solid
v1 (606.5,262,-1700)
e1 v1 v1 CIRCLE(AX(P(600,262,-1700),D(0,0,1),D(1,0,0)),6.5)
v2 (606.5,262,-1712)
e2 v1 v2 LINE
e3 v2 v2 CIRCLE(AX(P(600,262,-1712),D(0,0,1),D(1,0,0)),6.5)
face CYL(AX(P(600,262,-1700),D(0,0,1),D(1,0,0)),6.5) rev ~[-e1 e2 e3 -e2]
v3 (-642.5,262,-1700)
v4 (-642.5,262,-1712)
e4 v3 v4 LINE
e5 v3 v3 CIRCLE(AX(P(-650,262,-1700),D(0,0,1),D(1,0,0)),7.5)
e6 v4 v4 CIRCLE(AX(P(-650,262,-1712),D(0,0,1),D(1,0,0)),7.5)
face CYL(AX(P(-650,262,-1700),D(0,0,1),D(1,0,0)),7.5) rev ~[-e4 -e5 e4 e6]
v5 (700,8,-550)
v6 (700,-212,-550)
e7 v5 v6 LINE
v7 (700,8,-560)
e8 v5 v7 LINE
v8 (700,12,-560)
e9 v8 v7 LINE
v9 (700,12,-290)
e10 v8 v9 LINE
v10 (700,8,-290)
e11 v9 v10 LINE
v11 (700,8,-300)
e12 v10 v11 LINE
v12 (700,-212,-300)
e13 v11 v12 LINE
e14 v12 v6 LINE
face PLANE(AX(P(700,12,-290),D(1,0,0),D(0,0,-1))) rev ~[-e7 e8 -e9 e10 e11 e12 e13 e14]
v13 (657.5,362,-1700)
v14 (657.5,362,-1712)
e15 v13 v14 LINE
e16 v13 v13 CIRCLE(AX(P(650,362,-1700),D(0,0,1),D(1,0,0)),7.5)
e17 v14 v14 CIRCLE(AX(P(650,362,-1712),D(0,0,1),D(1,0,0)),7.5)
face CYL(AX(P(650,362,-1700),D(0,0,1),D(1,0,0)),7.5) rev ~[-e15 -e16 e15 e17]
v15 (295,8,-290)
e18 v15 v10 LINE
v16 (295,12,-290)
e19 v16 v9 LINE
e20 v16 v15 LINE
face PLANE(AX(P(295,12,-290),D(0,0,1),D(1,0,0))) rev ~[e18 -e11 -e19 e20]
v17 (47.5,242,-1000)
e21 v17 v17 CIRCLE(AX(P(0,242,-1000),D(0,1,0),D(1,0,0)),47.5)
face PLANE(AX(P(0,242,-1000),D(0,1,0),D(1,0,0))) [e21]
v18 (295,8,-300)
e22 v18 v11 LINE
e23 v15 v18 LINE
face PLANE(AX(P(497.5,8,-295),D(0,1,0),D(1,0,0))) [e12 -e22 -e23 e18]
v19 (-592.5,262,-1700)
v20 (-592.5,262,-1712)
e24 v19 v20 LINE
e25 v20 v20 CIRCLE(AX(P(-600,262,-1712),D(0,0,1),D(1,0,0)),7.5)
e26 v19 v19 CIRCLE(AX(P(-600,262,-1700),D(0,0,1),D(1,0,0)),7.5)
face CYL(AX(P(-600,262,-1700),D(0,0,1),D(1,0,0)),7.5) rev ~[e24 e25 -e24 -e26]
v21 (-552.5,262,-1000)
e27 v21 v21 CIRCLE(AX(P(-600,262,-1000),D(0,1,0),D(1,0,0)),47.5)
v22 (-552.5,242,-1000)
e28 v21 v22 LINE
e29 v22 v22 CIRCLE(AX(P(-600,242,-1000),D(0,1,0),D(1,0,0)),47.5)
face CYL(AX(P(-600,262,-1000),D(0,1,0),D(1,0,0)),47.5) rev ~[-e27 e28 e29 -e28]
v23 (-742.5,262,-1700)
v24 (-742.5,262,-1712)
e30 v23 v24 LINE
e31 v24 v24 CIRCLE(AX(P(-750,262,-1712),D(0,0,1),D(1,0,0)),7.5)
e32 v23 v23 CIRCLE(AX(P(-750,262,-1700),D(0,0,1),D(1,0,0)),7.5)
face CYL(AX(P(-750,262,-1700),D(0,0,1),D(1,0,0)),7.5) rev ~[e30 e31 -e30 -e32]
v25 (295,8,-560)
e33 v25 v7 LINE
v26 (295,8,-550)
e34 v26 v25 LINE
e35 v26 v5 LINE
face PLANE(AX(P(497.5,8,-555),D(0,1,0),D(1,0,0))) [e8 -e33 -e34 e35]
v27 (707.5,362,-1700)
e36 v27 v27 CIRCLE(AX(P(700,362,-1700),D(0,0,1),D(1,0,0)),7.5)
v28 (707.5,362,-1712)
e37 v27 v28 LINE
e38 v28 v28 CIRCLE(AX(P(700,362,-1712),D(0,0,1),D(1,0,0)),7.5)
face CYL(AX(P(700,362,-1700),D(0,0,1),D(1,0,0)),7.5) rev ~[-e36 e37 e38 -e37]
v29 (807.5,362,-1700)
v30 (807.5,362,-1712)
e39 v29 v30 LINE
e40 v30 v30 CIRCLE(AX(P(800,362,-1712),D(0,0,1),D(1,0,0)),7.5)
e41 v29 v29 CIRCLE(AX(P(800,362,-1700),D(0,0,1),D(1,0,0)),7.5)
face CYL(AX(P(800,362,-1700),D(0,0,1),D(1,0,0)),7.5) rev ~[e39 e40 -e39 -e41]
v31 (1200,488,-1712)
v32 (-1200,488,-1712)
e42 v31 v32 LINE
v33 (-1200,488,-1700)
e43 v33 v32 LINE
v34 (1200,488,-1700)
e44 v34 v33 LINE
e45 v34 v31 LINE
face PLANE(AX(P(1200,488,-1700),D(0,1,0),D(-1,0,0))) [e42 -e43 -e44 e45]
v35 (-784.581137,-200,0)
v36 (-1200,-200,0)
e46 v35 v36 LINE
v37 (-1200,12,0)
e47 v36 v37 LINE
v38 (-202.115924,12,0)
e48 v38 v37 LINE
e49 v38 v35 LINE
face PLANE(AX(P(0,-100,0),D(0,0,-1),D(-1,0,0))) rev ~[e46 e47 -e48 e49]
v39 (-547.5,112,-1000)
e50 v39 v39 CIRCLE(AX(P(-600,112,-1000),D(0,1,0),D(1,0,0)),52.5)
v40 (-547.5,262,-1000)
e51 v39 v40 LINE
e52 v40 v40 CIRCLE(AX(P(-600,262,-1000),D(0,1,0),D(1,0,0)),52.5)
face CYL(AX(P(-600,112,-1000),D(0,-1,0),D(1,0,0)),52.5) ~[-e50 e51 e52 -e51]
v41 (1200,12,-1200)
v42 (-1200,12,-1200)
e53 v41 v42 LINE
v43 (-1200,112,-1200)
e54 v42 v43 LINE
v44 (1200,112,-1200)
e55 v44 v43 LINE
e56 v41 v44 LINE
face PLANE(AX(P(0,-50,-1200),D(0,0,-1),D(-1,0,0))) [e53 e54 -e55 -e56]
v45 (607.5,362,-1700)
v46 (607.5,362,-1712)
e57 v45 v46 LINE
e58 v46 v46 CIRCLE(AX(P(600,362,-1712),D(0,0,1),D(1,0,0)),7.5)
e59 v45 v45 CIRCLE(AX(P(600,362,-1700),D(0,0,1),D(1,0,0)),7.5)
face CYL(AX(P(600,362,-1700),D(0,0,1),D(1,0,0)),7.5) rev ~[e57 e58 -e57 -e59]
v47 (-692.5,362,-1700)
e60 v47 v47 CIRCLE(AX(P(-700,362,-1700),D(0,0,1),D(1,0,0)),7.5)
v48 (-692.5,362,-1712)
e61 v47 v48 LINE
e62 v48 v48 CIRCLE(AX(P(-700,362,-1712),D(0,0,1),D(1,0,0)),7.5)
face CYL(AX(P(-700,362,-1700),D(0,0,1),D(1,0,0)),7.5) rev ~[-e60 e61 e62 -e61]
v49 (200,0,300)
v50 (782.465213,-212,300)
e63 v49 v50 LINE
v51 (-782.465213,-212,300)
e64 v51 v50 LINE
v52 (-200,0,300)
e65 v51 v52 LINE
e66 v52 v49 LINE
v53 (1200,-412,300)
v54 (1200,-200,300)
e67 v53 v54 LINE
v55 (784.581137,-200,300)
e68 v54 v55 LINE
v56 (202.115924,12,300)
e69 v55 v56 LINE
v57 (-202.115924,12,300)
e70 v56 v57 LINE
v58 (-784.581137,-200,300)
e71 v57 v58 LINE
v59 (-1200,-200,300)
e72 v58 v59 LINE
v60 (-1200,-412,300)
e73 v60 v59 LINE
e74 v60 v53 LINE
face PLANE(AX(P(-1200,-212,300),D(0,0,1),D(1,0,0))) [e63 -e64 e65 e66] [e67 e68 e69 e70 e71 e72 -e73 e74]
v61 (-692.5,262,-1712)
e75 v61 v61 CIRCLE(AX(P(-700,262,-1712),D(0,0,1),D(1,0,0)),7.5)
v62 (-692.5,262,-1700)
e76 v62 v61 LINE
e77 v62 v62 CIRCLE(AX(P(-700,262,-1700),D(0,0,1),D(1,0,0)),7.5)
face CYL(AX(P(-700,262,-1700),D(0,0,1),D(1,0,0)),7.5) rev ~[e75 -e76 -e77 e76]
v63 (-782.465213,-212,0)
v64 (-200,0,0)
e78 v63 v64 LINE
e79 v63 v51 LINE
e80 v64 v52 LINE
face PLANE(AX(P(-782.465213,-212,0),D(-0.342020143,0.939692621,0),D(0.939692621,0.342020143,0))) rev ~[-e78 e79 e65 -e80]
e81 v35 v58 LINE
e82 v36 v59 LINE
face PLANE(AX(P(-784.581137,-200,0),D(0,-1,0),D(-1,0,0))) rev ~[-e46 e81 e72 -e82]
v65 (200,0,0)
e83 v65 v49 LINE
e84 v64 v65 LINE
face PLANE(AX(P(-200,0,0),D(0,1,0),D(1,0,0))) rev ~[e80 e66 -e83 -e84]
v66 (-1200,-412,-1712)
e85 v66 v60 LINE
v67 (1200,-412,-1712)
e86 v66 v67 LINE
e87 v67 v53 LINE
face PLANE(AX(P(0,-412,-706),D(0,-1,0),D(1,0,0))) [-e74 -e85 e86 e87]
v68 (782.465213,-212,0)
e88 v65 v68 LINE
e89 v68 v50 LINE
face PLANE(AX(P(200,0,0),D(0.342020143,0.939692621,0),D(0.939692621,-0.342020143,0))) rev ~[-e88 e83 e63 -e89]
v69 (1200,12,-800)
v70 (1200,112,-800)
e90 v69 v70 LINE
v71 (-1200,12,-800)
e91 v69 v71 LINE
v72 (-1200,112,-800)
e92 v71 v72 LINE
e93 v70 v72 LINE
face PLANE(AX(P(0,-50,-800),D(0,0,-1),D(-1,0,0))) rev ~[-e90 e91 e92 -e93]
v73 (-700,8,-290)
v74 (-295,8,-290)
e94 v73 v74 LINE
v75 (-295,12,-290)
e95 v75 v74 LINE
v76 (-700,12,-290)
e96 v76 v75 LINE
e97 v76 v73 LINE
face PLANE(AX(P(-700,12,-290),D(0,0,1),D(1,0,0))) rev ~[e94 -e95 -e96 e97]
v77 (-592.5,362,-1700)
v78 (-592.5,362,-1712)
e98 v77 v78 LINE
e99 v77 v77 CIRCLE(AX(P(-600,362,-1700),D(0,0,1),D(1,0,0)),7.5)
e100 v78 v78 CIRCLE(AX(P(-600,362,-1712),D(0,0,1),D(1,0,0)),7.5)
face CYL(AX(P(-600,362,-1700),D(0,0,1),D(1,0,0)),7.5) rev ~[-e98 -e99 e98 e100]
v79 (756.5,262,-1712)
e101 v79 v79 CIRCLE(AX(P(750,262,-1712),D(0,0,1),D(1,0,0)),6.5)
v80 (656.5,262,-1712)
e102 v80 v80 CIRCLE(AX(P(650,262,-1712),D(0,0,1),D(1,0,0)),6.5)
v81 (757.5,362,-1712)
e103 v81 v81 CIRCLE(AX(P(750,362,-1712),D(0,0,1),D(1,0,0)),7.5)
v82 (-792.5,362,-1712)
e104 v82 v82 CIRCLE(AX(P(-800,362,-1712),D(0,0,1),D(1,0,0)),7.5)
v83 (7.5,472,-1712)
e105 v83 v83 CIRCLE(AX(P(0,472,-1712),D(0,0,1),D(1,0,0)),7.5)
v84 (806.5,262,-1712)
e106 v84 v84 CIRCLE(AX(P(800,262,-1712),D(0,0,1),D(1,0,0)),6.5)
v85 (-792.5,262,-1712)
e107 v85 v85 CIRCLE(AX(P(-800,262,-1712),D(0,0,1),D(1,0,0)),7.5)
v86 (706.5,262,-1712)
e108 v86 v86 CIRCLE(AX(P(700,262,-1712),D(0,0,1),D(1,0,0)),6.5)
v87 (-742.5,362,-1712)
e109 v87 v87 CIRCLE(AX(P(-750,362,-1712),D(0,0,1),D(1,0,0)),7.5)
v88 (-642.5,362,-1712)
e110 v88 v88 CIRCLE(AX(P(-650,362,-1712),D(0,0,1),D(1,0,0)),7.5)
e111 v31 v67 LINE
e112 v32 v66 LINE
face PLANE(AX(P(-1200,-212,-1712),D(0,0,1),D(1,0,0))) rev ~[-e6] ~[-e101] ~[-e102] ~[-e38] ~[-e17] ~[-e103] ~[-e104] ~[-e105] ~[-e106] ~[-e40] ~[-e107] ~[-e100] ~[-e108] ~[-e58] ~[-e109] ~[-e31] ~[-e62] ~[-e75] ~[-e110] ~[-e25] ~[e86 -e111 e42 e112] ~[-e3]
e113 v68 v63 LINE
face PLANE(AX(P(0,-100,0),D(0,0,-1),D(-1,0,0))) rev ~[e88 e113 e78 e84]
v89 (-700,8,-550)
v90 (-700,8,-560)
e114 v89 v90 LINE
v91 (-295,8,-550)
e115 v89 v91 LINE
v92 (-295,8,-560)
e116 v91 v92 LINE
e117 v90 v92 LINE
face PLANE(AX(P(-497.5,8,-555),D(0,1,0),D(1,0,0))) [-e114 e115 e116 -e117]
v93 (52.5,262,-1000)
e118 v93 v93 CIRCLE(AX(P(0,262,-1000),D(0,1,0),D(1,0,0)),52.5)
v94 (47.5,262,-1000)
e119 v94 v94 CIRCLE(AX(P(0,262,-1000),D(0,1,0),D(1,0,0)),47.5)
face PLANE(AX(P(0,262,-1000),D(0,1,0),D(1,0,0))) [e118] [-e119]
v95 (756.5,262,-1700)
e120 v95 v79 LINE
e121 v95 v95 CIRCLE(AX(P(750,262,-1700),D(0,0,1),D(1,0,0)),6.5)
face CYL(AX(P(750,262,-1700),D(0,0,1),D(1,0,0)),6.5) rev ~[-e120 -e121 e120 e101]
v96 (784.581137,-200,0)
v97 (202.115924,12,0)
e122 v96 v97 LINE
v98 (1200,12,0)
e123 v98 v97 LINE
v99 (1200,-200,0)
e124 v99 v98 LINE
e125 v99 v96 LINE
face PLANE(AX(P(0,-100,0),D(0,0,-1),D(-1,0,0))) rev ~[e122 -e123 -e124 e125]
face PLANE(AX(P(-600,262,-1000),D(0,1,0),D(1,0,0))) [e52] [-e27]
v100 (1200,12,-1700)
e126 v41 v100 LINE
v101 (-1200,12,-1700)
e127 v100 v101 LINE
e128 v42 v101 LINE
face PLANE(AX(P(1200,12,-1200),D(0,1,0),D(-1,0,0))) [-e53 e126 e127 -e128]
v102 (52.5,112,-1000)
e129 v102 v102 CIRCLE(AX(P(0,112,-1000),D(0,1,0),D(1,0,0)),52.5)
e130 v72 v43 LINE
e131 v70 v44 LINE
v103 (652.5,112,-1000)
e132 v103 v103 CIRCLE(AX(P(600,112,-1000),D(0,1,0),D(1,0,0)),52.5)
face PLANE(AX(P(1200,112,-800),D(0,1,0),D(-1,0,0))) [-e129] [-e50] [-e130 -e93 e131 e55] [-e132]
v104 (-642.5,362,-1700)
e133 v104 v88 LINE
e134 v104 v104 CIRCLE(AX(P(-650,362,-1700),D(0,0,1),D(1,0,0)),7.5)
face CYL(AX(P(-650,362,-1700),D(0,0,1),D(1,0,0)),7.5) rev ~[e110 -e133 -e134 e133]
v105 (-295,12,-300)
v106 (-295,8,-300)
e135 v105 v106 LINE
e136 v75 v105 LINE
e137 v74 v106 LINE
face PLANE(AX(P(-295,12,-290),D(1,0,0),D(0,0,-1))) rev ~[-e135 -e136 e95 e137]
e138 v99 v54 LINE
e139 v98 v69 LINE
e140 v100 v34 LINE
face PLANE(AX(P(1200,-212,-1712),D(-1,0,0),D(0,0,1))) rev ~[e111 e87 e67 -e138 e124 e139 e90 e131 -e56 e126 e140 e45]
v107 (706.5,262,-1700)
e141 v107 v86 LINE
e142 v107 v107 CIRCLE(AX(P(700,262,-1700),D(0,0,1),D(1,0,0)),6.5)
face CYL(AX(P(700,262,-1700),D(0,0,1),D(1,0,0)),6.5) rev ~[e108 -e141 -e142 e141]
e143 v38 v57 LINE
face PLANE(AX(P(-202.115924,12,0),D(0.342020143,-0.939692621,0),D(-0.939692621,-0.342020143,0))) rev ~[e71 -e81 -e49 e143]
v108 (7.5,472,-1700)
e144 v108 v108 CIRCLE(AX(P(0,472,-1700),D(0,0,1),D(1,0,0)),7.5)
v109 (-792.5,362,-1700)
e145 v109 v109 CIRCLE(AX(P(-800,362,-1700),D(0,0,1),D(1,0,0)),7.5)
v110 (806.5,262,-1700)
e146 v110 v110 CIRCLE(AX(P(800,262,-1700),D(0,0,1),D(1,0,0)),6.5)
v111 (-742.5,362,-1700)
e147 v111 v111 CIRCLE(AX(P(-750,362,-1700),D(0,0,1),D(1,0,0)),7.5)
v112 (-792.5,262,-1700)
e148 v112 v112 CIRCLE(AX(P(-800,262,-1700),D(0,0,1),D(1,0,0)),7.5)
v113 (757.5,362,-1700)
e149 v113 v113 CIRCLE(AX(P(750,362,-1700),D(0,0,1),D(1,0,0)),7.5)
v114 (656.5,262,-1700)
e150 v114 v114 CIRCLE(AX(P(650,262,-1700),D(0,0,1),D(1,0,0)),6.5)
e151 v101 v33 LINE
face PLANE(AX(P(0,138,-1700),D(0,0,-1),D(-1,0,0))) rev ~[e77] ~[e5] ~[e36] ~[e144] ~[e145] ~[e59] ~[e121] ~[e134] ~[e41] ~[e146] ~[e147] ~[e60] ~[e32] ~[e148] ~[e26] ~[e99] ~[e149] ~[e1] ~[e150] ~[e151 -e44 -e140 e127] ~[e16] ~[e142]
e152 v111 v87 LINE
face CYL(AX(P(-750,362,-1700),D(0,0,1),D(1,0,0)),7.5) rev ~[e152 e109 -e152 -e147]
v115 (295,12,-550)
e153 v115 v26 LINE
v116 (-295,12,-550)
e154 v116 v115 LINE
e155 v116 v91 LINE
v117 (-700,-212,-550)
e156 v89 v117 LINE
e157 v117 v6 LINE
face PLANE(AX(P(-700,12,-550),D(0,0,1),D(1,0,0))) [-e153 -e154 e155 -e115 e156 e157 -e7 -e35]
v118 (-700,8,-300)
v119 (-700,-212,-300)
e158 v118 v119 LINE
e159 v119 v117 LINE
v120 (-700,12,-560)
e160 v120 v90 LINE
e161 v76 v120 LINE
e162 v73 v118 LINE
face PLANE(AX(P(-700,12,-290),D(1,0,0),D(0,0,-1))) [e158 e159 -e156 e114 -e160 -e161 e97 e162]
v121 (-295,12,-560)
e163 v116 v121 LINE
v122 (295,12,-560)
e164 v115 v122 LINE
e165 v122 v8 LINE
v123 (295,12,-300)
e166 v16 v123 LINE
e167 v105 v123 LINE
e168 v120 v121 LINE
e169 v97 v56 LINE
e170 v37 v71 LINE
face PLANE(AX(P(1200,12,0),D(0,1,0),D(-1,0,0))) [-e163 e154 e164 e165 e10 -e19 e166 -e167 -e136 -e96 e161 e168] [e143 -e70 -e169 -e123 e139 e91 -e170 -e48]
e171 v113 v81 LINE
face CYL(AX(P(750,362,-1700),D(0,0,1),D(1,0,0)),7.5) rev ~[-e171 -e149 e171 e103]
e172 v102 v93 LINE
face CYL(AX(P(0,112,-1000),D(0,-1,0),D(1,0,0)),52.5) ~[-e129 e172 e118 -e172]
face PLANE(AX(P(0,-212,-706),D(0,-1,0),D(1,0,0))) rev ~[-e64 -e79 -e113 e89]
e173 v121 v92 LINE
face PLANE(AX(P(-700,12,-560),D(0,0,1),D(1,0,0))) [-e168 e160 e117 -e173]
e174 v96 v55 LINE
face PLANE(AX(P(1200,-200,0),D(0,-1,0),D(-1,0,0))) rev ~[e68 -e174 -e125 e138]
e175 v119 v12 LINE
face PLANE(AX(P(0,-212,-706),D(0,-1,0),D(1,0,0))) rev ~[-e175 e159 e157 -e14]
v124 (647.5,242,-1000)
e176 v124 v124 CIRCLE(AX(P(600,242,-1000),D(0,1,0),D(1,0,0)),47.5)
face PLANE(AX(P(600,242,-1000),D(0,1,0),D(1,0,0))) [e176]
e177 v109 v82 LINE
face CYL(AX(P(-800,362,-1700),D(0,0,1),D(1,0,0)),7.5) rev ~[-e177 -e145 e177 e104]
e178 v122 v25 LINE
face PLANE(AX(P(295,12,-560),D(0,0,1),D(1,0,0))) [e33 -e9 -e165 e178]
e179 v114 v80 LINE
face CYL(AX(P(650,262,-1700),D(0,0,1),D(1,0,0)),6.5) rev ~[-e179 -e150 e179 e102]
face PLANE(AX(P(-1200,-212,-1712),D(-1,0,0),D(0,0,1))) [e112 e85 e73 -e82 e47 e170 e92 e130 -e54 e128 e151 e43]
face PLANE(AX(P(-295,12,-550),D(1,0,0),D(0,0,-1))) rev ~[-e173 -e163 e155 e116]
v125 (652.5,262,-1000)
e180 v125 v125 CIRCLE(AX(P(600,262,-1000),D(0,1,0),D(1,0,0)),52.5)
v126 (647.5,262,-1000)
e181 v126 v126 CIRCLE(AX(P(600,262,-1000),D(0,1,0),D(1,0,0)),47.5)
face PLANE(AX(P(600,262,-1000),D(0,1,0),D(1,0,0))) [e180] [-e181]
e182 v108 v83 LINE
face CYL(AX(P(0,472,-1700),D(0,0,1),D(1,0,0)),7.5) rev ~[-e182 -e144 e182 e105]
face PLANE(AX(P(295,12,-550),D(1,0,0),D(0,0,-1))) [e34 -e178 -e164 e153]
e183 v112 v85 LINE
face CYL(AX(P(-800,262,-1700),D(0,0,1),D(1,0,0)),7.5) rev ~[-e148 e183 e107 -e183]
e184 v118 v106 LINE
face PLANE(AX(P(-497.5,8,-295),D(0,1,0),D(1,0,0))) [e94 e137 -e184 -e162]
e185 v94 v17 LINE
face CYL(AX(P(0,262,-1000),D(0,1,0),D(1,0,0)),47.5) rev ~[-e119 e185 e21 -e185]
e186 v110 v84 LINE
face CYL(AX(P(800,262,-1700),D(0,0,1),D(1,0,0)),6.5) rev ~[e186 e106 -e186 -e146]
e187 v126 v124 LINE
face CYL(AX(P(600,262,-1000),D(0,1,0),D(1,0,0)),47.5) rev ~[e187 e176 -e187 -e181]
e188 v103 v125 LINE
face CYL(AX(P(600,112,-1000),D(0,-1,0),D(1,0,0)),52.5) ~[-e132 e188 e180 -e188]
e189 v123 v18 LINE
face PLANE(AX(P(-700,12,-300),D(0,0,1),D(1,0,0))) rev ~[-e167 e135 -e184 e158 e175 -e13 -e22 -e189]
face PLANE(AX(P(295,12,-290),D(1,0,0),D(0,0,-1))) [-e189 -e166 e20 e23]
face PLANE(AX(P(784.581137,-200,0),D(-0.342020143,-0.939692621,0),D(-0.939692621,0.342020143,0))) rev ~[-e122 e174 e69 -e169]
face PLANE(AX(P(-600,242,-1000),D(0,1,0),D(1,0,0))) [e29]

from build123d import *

# Parameters (mm, degrees)
EXTRUDE_1_DEPTH     = 300
SKETCH_2_W          = 2400
SKETCH_2_H          = 224
EXTRUDE_2_DEPTH     = 800
SKETCH_4_W          = 1400
SKETCH_4_H          = 250
CUT_EXTRUDE_1_DEPTH = 225
SKETCH_7_W          = 2400
SKETCH_7_H          = 324
EXTRUDE_3_DEPTH     = 400
SKETCH_9_W          = 2400
SKETCH_9_H          = 224
EXTRUDE_5_DEPTH     = 500
SKETCH_10_W         = 2400
SKETCH_10_H         = 700
EXTRUDE_6_DEPTH     = 12
SKETCH_12_W         = 2400
SKETCH_12_H         = 2012
EXTRUDE_8_DEPTH     = 200
SKETCH_13_R         = 52.5
EXTRUDE_9_DEPTH     = 150
SKETCH_14_R         = 7.5
SKETCH_14_R_2       = 6.5
CUT_EXTRUDE_2_DEPTH = 13
SKETCH_16_R         = 47.5
CUT_EXTRUDE_3_DEPTH = 20
SKETCH_17_W         = 405
SKETCH_17_H         = 10
CUT_EXTRUDE_4_DEPTH = 4


with BuildPart() as part:
    # 草图1 → 凸台-拉伸1 (new body)
    with BuildSketch(Plane.XY):
        Polygon((-200, 0), (200, 0), (782.465212924, -212), (1200, -212), (1200, -200), (784.581136693, -200), (202.115923769, 12), (-202.115923769, 12), (-784.581136693, -200), (-1200, -200), (-1200, -212), (-782.465212924, -212), align=None)
    extrude(amount=EXTRUDE_1_DEPTH)

    # 草图2 → 凸台-拉伸2 (add)
    with BuildSketch(Plane(origin=(0, 0, 0), x_dir=(-1, 0, 0), z_dir=(0, 0, -1))):
        with Locations((0, -100)):
            Rectangle(SKETCH_2_W, SKETCH_2_H)
    extrude(amount=EXTRUDE_2_DEPTH)

    # 草图4 → 切除-拉伸1 (cut, through all)
    with BuildSketch(Plane(origin=(0, 12, 0), x_dir=(1, 0, 0), z_dir=(0, 1, 0))):
        with Locations((0, 425)):
            Rectangle(SKETCH_4_W, SKETCH_4_H)
    extrude(amount=-CUT_EXTRUDE_1_DEPTH, mode=Mode.SUBTRACT)

    # 草图7 → 凸台-拉伸3 (add)
    with BuildSketch(Plane(origin=(0, 0, -800), x_dir=(-1, 0, 0), z_dir=(0, 0, -1))):
        with Locations((0, -50)):
            Rectangle(SKETCH_7_W, SKETCH_7_H)
    extrude(amount=EXTRUDE_3_DEPTH)

    # 草图9 → 凸台-拉伸5 (add)
    with BuildSketch(Plane(origin=(0, 0, -1200), x_dir=(-1, 0, 0), z_dir=(0, 0, -1))):
        with Locations((0, -100)):
            Rectangle(SKETCH_9_W, SKETCH_9_H)
    extrude(amount=EXTRUDE_5_DEPTH)

    # 草图10 → 凸台-拉伸6 (add)
    with BuildSketch(Plane(origin=(0, 0, -1700), x_dir=(-1, 0, 0), z_dir=(0, 0, -1))):
        with Locations((0, 138)):
            Rectangle(SKETCH_10_W, SKETCH_10_H)
    extrude(amount=EXTRUDE_6_DEPTH)

    # 草图12 → 凸台-拉伸8 (add)
    with BuildSketch(Plane.XZ.offset(212)):
        with Locations((0, -706)):
            Rectangle(SKETCH_12_W, SKETCH_12_H)
    extrude(amount=EXTRUDE_8_DEPTH)

    # 草图13 → 凸台-拉伸9 (add)
    with BuildSketch(Plane(origin=(0, 112, 0), x_dir=(1, 0, 0), z_dir=(0, 1, 0))):
        with Locations((-600, 1000)):
            Circle(SKETCH_13_R)
        with Locations((600, 1000)):
            Circle(SKETCH_13_R)
        with Locations((0, 1000)):
            Circle(SKETCH_13_R)
    extrude(amount=EXTRUDE_9_DEPTH)

    # 草图14 → 切除-拉伸2 (cut, through all)
    with BuildSketch(Plane.XY.offset(-1700)):
        with Locations((-800, 262)):
            Circle(SKETCH_14_R)
        with Locations((800, 362)):
            Circle(SKETCH_14_R)
        with Locations((-750, 262)):
            Circle(SKETCH_14_R)
        with Locations((-700, 262)):
            Circle(SKETCH_14_R)
        with Locations((-650, 262)):
            Circle(SKETCH_14_R)
        with Locations((-600, 262)):
            Circle(SKETCH_14_R)
        with Locations((750, 362)):
            Circle(SKETCH_14_R)
        with Locations((700, 362)):
            Circle(SKETCH_14_R)
        with Locations((650, 362)):
            Circle(SKETCH_14_R)
        with Locations((600, 362)):
            Circle(SKETCH_14_R)
        with Locations((0, 472)):
            Circle(SKETCH_14_R)
        with Locations((-800, 362)):
            Circle(SKETCH_14_R)
        with Locations((-750, 362)):
            Circle(SKETCH_14_R)
        with Locations((-700, 362)):
            Circle(SKETCH_14_R)
        with Locations((-650, 362)):
            Circle(SKETCH_14_R)
        with Locations((-600, 362)):
            Circle(SKETCH_14_R)
        with Locations((800, 262)):
            Circle(SKETCH_14_R_2)
        with Locations((750, 262)):
            Circle(SKETCH_14_R_2)
        with Locations((700, 262)):
            Circle(SKETCH_14_R_2)
        with Locations((650, 262)):
            Circle(SKETCH_14_R_2)
        with Locations((600, 262)):
            Circle(SKETCH_14_R_2)
    extrude(amount=-CUT_EXTRUDE_2_DEPTH, mode=Mode.SUBTRACT)

    # 草图16 → 切除-拉伸3 (cut)
    with BuildSketch(Plane(origin=(0, 262, 0), x_dir=(1, 0, 0), z_dir=(0, 1, 0))):
        with Locations((-600, 1000)):
            Circle(SKETCH_16_R)
        with Locations((0, 1000)):
            Circle(SKETCH_16_R)
        with Locations((600, 1000)):
            Circle(SKETCH_16_R)
    extrude(amount=-CUT_EXTRUDE_3_DEPTH, mode=Mode.SUBTRACT)

    # 草图17 → 切除-拉伸4 (cut)
    with BuildSketch(Plane(origin=(0, 12, 0), x_dir=(1, 0, 0), z_dir=(0, 1, 0))):
        with Locations((-497.5, 555)):
            Rectangle(SKETCH_17_W, SKETCH_17_H)
        with Locations((-497.5, 295)):
            Rectangle(SKETCH_17_W, SKETCH_17_H)
        with Locations((497.5, 555)):
            Rectangle(SKETCH_17_W, SKETCH_17_H)
        with Locations((497.5, 295)):
            Rectangle(SKETCH_17_W, SKETCH_17_H)
    extrude(amount=-CUT_EXTRUDE_4_DEPTH, mode=Mode.SUBTRACT)


solid = part.part
